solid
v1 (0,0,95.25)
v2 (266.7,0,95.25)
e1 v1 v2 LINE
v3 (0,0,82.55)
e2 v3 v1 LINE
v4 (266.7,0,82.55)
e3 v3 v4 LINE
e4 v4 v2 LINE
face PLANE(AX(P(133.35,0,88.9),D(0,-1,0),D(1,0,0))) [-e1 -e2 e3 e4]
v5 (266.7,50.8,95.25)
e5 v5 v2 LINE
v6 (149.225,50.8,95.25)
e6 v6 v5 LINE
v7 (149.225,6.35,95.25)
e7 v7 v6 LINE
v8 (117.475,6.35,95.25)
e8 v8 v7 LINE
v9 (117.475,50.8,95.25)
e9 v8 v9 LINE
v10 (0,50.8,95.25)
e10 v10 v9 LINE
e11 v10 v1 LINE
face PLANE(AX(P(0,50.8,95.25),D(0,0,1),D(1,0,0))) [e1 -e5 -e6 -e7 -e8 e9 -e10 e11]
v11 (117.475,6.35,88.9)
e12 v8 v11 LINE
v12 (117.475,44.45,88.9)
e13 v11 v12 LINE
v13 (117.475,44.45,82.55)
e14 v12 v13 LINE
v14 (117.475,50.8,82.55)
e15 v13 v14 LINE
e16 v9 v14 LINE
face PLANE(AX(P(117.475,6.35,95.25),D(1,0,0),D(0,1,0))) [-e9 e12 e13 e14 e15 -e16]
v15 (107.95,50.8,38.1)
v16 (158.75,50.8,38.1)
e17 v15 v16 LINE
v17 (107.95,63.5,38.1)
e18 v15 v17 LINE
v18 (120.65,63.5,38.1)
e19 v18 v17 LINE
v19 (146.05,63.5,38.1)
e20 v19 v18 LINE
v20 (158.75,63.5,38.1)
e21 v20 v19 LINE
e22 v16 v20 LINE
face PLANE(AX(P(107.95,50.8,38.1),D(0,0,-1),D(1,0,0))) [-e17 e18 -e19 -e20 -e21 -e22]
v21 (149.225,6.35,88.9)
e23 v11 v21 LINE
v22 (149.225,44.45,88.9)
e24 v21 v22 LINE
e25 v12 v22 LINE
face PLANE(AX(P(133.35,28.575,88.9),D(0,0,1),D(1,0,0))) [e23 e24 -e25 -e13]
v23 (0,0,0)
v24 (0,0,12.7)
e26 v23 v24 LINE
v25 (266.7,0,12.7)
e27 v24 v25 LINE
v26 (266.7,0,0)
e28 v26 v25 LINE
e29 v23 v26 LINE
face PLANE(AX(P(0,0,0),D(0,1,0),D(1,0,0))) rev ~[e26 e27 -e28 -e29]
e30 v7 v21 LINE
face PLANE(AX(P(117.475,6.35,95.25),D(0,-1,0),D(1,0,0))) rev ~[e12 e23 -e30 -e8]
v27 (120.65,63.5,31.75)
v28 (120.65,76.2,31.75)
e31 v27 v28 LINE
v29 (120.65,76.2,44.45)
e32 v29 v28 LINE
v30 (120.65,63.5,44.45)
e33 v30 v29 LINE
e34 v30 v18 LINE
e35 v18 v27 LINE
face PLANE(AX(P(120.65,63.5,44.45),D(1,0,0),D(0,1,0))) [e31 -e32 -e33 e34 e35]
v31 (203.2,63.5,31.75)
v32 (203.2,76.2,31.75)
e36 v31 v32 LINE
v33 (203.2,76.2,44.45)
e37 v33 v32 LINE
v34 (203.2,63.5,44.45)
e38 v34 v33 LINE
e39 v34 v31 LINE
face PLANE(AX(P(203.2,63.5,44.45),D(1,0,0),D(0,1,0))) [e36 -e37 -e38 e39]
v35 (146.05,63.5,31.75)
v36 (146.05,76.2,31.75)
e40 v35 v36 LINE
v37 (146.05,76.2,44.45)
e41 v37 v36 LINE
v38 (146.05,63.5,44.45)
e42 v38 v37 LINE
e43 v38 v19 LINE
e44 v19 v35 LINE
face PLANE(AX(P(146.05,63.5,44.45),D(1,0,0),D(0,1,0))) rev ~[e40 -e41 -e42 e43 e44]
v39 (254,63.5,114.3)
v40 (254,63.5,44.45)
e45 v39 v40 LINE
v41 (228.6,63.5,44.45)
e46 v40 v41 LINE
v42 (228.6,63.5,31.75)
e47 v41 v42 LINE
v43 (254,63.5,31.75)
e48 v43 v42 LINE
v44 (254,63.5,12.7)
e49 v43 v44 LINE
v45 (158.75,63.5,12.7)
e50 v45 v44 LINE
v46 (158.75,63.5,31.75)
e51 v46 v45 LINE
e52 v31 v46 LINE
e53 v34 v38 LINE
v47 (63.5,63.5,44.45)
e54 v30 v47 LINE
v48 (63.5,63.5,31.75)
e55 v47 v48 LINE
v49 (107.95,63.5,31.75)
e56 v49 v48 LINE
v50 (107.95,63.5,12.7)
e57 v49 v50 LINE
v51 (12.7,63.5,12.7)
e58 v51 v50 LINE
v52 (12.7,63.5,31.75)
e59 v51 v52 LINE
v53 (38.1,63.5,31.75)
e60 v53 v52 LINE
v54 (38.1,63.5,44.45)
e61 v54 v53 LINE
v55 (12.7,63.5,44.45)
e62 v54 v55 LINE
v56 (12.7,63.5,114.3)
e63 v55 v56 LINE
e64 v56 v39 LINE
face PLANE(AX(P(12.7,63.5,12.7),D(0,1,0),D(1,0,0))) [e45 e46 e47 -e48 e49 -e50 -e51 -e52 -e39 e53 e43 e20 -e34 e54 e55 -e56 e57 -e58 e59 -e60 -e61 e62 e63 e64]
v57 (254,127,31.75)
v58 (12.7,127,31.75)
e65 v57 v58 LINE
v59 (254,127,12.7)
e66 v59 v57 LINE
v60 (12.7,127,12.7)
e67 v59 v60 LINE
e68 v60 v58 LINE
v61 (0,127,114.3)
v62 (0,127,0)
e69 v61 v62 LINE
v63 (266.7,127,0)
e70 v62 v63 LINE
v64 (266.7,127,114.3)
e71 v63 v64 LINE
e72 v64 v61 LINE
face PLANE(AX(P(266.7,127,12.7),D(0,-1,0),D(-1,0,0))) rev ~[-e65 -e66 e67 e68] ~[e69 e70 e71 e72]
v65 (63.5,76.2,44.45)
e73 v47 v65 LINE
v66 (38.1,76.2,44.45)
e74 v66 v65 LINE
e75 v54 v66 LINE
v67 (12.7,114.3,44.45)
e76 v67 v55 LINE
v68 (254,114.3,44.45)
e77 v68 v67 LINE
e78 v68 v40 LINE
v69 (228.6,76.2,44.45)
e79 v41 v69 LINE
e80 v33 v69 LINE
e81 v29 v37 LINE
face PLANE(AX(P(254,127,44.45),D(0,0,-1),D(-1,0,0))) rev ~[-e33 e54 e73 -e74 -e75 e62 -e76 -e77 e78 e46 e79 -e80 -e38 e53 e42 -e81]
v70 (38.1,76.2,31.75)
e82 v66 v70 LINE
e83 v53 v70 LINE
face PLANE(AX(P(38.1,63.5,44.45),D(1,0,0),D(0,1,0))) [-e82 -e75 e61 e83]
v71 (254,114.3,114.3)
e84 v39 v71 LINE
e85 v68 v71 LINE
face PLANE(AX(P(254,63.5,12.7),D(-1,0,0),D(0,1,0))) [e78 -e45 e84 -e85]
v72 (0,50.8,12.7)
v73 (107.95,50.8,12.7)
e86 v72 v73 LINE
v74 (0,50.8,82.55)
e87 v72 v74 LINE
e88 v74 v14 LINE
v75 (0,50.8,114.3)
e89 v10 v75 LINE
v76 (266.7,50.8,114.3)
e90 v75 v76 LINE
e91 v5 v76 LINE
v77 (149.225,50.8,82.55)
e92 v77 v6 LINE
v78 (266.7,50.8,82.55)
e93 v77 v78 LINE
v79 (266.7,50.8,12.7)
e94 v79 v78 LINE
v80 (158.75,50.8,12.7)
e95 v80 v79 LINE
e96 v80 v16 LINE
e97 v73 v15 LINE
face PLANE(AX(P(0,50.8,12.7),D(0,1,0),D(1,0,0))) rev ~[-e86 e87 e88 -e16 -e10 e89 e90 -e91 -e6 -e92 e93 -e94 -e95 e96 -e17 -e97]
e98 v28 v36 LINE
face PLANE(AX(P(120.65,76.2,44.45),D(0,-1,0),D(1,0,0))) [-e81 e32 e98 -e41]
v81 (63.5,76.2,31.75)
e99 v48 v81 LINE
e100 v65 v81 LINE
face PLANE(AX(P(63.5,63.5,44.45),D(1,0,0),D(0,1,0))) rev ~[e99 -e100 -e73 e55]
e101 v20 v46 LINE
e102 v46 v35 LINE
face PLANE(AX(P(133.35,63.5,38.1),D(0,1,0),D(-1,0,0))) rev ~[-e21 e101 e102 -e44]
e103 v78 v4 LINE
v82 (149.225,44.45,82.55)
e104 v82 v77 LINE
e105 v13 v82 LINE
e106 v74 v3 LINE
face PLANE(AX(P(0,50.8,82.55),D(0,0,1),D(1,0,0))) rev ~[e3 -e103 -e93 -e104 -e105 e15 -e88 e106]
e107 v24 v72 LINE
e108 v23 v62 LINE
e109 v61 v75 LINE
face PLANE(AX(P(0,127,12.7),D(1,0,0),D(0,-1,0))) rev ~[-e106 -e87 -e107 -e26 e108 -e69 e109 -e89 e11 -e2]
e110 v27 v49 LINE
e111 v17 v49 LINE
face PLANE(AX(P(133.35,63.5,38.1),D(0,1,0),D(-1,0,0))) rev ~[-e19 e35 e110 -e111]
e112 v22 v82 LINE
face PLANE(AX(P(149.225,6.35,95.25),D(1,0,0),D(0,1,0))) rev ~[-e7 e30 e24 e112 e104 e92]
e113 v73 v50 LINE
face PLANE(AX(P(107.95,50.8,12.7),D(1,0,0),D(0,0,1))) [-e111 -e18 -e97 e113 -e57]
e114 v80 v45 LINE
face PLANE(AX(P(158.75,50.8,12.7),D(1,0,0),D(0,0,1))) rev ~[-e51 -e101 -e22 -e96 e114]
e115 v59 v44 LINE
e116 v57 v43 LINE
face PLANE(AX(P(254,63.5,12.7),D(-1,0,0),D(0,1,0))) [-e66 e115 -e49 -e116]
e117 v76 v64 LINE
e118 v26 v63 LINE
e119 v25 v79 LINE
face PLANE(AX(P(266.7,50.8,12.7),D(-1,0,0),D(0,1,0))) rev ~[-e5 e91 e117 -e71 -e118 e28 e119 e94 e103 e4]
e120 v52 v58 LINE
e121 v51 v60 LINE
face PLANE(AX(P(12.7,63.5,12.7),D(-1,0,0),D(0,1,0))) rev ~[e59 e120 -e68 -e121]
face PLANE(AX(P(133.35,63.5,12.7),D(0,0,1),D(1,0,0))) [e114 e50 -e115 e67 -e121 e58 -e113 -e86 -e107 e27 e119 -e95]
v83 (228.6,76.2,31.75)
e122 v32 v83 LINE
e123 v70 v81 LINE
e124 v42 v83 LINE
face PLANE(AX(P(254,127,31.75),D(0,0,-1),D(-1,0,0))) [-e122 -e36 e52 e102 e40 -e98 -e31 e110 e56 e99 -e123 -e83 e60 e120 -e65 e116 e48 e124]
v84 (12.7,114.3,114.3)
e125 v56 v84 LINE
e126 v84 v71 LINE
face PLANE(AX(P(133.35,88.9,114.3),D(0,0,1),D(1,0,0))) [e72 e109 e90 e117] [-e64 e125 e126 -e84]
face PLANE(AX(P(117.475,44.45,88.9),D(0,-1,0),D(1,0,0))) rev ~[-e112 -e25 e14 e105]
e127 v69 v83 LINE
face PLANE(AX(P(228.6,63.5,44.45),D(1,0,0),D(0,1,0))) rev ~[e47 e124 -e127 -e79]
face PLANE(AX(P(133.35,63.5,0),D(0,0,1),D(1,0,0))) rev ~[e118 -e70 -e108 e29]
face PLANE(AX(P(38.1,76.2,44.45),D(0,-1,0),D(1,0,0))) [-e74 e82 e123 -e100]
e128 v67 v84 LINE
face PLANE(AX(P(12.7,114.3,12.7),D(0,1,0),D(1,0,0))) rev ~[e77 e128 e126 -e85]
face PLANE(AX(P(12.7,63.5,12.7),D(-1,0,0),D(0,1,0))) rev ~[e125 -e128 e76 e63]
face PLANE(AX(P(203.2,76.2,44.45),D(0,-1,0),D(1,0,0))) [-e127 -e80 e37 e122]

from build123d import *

# Parameters (mm, degrees)
F0_W      = 266.7
F0_H      = 127
F1_DEPTH  = 12.7
F2_W      = 241.3
F2_H      = 50.8
F3_DEPTH  = 101.6
F4_W      = 266.7
F4_H      = 12.7
F5_DEPTH  = 50.8
F6_W      = 241.3
F6_H      = 19.05
F7_DEPTH  = 63.5
F8_W      = 50.8
F8_H      = 25.4
F9_DEPTH  = 63.5
F10_W     = 31.75
F10_H     = 44.45
F11_DEPTH = 6.35
F12_W     = 241.3
F12_H     = 12.7
F13_DEPTH = 63.5
F14_W     = 31.75
F14_H     = 6.35
F15_DEPTH = 6.35
F16_W     = 25.4
F16_H     = 12.7
F17_DEPTH = 12.7


with BuildPart() as f1:
    # F0 (on Top) → F1 (new body)
    with BuildSketch(Plane.XY):
        with Locations((133.35, 63.5)):
            Rectangle(F0_W, F0_H)
    extrude(amount=F1_DEPTH)

    # F2 (on face) → F3 (join)
    with BuildSketch(Plane.XY.offset(12.7)):
        Polygon((0, 63.5), (0, 50.8), (266.7, 50.8), (266.7, 63.5), (266.7, 114.3), (266.7, 127), (0, 127), (0, 114.3), align=None)
        with Locations((133.35, 88.9)):
            Rectangle(F2_W, F2_H, mode=Mode.SUBTRACT)
    extrude(amount=F3_DEPTH)

    # F4 (on face) → F5 (join, through all)
    with BuildSketch(Plane.XZ.offset(-50.8)):
        with Locations((133.35, 88.9)):
            Rectangle(F4_W, F4_H)
    extrude(amount=F5_DEPTH)

    # F6 (on face) → F7 (cut, through all)
    with BuildSketch(Plane(origin=(0, 127, 0), x_dir=(-1, 0, 0), z_dir=(0, 1, 0))):
        with Locations((-133.35, 22.225)):
            Rectangle(F6_W, F6_H)
    extrude(amount=-F7_DEPTH, mode=Mode.SUBTRACT)

    # F8 (on face) → F9 (cut, through all)
    with BuildSketch(Plane.XZ.offset(-50.8)):
        with Locations((133.35, 25.4)):
            Rectangle(F8_W, F8_H)
    extrude(amount=-F9_DEPTH, mode=Mode.SUBTRACT)

    # F10 (on face) → F11 (cut)
    with BuildSketch(Plane.XY.offset(95.25)):
        with Locations((133.35, 28.575)):
            Rectangle(F10_W, F10_H)
    extrude(amount=-F11_DEPTH, mode=Mode.SUBTRACT)

    # F12 (on face) → F13 (join, through all)
    with BuildSketch(Plane(origin=(0, 127, 0), x_dir=(-1, 0, 0), z_dir=(0, 1, 0))):
        with Locations((-133.35, 38.1)):
            Rectangle(F12_W, F12_H)
    extrude(amount=-F13_DEPTH)

    # F14 (on face) → F15 (cut, through all)
    with BuildSketch(Plane.XY.offset(88.9)):
        with Locations((133.35, 47.625)):
            Rectangle(F14_W, F14_H)
    extrude(amount=-F15_DEPTH, mode=Mode.SUBTRACT)

    # F16 (on face) → F17 (cut, through all)
    with BuildSketch(Plane.XY.offset(44.45)):
        with Locations((215.9, 69.85)):
            Rectangle(F16_W, F16_H)
        with Locations((50.8, 69.85)):
            Rectangle(F16_W, F16_H)
        with Locations((133.35, 69.85)):
            Rectangle(F16_W, F16_H)
    extrude(amount=-F17_DEPTH, mode=Mode.SUBTRACT)


solid = f1.part
